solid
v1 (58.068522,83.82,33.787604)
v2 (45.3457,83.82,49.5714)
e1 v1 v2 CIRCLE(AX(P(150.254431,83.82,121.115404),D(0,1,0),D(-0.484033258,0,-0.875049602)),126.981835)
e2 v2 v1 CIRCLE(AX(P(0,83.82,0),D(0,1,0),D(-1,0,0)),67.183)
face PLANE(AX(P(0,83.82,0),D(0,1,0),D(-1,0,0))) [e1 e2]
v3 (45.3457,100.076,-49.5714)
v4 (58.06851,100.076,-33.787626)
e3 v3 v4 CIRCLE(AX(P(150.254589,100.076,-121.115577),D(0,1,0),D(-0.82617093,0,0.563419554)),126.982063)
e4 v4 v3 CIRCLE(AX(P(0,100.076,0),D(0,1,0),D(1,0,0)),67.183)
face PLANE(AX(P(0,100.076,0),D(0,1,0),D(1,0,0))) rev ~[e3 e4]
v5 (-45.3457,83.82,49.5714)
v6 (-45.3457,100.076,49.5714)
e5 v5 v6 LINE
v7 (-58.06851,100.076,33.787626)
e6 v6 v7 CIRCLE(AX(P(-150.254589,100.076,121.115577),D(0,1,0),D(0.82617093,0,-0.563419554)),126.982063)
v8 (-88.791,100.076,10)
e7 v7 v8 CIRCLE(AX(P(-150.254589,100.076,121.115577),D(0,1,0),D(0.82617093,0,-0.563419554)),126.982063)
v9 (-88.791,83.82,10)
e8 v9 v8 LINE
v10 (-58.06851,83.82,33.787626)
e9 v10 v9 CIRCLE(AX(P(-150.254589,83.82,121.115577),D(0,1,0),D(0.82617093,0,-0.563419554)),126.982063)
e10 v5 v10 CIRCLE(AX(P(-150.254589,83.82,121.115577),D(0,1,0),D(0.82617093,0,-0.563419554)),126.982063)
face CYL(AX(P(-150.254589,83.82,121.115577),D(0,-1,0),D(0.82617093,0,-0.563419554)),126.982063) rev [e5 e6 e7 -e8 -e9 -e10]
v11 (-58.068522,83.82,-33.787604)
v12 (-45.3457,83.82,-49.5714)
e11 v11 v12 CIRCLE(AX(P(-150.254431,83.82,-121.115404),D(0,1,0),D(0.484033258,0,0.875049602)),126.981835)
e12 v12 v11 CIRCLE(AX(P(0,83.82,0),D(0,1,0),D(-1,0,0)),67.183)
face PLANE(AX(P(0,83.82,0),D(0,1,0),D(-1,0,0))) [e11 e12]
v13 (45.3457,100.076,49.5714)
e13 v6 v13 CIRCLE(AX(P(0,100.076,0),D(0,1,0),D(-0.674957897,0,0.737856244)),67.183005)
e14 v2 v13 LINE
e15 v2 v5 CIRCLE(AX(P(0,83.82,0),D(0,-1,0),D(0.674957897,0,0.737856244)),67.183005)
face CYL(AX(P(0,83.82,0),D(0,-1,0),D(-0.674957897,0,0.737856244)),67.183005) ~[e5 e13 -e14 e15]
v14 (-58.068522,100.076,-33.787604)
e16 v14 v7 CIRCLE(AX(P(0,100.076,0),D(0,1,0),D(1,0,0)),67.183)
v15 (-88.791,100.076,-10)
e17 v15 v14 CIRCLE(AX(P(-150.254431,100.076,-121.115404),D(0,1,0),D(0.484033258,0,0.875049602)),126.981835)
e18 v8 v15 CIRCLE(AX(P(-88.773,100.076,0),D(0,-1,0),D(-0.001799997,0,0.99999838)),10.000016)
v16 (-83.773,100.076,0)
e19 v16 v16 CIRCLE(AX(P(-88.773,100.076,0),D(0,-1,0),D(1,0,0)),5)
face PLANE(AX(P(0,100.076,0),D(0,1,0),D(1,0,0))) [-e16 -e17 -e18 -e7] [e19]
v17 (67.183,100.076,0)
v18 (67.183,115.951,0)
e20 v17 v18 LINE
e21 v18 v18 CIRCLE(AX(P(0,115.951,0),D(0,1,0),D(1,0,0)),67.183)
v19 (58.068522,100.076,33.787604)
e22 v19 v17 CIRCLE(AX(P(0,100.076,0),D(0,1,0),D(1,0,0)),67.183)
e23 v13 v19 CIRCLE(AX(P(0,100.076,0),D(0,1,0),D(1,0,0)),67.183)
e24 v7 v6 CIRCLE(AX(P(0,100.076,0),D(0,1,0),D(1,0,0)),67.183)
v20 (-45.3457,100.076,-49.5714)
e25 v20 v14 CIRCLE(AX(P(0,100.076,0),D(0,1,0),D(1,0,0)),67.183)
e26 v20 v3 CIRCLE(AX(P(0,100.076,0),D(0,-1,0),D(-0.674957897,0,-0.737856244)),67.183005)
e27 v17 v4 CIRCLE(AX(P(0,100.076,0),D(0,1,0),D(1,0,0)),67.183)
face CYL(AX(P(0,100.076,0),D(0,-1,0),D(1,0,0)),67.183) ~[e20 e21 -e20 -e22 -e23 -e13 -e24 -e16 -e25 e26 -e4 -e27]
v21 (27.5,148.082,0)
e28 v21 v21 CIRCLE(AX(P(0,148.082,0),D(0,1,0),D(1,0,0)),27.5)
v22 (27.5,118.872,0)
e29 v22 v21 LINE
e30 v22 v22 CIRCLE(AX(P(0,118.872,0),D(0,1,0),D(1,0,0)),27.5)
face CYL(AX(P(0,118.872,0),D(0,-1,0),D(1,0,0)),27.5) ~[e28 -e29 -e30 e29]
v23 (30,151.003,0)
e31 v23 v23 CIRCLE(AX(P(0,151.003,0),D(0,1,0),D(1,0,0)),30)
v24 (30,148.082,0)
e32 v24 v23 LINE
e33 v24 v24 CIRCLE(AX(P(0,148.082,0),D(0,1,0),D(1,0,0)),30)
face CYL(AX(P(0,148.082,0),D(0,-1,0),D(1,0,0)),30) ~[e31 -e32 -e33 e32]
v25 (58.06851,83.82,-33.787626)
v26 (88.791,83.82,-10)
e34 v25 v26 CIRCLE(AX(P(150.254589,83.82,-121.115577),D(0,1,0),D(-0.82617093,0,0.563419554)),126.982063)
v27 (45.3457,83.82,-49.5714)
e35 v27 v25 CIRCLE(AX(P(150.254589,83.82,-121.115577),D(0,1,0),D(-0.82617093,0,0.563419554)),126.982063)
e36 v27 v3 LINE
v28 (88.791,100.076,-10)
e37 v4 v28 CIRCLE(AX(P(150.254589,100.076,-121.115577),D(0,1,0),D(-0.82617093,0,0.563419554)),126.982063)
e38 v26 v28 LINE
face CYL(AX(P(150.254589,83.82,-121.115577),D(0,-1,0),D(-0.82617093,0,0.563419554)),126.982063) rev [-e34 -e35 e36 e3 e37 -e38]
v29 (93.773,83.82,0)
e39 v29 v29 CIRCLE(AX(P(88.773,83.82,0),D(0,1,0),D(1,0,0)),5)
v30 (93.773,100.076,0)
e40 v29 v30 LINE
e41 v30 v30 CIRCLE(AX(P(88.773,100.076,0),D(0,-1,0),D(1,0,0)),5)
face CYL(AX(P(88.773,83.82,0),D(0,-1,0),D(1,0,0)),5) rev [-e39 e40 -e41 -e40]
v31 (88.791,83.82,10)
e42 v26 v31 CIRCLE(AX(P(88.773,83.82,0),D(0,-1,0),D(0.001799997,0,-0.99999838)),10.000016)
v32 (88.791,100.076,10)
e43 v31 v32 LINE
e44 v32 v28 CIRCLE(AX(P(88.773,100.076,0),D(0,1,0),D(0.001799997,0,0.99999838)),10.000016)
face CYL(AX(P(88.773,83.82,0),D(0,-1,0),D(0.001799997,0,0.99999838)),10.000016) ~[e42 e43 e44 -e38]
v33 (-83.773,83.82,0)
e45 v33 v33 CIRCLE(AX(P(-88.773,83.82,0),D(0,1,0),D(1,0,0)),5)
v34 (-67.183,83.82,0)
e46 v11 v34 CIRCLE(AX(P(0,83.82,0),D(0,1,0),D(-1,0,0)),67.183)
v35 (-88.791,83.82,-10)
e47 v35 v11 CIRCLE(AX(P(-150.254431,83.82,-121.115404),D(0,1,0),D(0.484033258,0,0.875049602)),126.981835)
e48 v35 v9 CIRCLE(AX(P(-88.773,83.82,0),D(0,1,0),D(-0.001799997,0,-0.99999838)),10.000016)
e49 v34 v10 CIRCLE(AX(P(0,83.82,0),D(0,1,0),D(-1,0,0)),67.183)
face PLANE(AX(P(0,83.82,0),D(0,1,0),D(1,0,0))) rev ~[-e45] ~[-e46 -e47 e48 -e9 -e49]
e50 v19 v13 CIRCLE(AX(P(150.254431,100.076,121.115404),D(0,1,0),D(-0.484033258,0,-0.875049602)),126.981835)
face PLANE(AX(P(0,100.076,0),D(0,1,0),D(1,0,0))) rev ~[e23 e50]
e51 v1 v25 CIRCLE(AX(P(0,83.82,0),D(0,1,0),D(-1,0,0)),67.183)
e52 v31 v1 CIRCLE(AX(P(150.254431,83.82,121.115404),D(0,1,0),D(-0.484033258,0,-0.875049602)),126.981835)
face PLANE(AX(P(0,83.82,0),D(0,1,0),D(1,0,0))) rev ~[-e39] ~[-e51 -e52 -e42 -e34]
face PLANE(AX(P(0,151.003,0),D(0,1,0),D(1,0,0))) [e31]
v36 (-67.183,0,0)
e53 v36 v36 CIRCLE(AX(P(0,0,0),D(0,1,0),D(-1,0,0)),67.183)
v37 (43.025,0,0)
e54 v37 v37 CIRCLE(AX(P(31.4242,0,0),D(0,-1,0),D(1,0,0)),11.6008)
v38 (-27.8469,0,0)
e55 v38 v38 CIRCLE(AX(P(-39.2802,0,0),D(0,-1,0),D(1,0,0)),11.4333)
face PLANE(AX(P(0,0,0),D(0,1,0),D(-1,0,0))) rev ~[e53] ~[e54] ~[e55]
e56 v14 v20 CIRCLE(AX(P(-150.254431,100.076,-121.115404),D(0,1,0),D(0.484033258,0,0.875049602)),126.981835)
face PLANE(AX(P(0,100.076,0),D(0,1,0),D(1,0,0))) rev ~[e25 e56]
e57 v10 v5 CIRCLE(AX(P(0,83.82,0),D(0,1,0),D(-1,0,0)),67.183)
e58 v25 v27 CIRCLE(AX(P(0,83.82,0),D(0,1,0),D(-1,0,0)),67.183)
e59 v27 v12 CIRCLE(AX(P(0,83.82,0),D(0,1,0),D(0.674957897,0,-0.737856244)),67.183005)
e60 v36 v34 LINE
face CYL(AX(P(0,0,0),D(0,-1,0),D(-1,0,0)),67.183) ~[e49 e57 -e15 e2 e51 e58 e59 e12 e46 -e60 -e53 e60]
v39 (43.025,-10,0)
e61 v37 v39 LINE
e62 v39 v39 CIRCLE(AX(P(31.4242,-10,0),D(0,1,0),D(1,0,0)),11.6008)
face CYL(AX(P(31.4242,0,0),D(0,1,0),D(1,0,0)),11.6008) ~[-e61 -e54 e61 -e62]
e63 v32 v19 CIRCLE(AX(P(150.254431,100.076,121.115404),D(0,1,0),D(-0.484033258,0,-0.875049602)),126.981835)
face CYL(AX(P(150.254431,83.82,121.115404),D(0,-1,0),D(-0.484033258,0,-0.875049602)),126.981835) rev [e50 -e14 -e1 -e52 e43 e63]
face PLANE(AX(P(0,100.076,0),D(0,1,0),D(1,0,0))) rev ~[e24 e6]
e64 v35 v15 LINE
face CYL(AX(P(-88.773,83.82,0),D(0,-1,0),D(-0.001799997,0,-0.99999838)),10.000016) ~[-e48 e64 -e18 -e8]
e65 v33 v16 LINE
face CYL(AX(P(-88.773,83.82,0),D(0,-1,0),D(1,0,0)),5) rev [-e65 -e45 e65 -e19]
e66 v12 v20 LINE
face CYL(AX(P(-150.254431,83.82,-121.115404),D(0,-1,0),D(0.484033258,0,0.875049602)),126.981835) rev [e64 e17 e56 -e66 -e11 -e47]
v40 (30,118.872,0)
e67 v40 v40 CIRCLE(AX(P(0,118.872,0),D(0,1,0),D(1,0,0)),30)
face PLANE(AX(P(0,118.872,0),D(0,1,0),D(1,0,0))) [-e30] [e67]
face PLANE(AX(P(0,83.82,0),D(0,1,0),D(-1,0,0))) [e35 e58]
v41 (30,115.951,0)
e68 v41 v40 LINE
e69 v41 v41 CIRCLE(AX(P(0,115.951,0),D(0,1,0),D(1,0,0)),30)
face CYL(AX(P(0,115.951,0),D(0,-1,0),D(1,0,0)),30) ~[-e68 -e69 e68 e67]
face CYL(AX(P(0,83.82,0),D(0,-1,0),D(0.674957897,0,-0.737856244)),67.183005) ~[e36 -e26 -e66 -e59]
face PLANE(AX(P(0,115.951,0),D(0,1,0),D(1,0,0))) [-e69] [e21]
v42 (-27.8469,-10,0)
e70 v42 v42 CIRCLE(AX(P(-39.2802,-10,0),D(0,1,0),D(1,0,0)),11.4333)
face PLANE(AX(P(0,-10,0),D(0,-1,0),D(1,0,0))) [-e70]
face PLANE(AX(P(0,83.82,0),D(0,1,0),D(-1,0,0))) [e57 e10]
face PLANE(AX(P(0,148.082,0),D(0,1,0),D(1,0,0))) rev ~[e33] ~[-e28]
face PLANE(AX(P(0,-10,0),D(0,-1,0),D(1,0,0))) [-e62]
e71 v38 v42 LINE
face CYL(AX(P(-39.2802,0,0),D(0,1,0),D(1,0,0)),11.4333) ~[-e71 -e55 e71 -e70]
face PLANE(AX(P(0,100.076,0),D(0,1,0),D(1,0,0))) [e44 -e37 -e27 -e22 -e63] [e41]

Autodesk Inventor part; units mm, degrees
ref_plane "YZ Plane" through (0, 0, 0) normal (1, 0, 0) x (0, 1, 0)
ref_plane "XZ Plane" through (0, 0, 0) normal (0, 1, 0) x (-1, 0, 0)
ref_plane "XY Plane" through (0, 0, 0) normal (0, 0, 1) x (1, 0, 0)
sketch "Sketch1" plane through (0, 0, 0) normal (0, 1, 0) x (-1, 0, 0)
  circle A0 centre (0, 0) radius 67.183
  dimension "d0" = 134.366
extrude "Extrusion1" add sketch "Sketch1" along normal blind 83.82
sketch "Sketch2" plane through (0, 83.82, 0) normal (0, 1, 0) x (1, 0, 0)
  arc A0 (-88.791, 10) -> (-88.791, -10) centre (-88.773, 0) ccw
  line L0 (0, 169.5617) -> (0, -169.5617) projected
  arc A1 (88.791, -10) -> (88.791, 10) centre (88.773, 0) ccw
  arc A2 (-45.3457, -49.5714) -> (-88.791, -10) centre (-150.2545, -121.1155) ccw
  line L1 (-210.3564, 0) -> (210.3564, 0) projected
  arc A3 (-88.791, 10) -> (-45.3457, 49.5714) centre (-150.2545, 121.1155) ccw
  arc A4 (88.791, -10) -> (45.3457, -49.5714) centre (150.2545, -121.1155) ccw
  arc A5 (45.3457, 49.5714) -> (88.791, 10) centre (150.2545, 121.1155) ccw
  circle A6 centre (88.773, 0) radius 5
  circle A7 centre (-88.773, 0) radius 5
  arc A8 (-45.3457, -49.5714) -> (45.3457, -49.5714) centre (0, 0) ccw
  arc A9 (45.3457, 49.5714) -> (-45.3457, 49.5714) centre (0, 0) ccw
  dimension "d4" = 88.773
  dimension "d5" = 20
  dimension "d6" = 10
  dimension "d7" = 10
extrude "Extrusion2" add sketch "Sketch2" along normal blind 16.256 contours A3 A9 L0 L1 A7 A0 | L1 A7 L0 A8 A2 A0 | A9 A5 A1 L1 A6 L0 | L1 A6 A1 A4 A8 L0
sketch "Sketch3" plane through (0, 0, 0) normal (0, -1, 0) x (1, 0, 0)
  circle A0 centre (0, 0) radius 67.183 projected
  circle A1 centre (-39.2802, 0) radius 11.4333
  circle A2 centre (31.4242, 0) radius 11.6008
  line L0 (-138.2822, 0) -> (138.2822, 0) projected
  line L1 (0, -94.0562) -> (0, 94.0562) projected
extrude "Extrusion3" add sketch "Sketch3" along normal blind 10 contours L0 A2 | A2 L0 | L0 A1 | A1 L0
sketch "Sketch4" plane through (0, 100.076, 0) normal (0, 1, 0) x (1, 0, 0)
  circle A0 centre (0, 0) radius 67.183
  dimension "d12" = 134.366
extrude "Extrusion4" add sketch "Sketch4" along normal blind 15.875
sketch "Sketch5" plane through (0, 115.951, 0) normal (0, 1, 0) x (1, 0, 0)
  circle A0 centre (0, 0) radius 30
  dimension "d17" = 60
extrude "Extrusion5" add sketch "Sketch5" along normal blind 2.921
sketch "Sketch6" plane through (0, 118.872, 0) normal (0, 1, 0) x (1, 0, 0)
  circle A0 centre (0, 0) radius 27.5
  dimension "d18" = 55
extrude "Extrusion6" add sketch "Sketch6" along normal blind 29.21
sketch "Sketch7" plane through (0, 148.082, 0) normal (0, 1, 0) x (1, 0, 0)
  circle A0 centre (0, 0) radius 30
  dimension "d21" = 60
extrude "Extrusion7" add sketch "Sketch7" along normal blind 2.921
properties part number "alternator"
